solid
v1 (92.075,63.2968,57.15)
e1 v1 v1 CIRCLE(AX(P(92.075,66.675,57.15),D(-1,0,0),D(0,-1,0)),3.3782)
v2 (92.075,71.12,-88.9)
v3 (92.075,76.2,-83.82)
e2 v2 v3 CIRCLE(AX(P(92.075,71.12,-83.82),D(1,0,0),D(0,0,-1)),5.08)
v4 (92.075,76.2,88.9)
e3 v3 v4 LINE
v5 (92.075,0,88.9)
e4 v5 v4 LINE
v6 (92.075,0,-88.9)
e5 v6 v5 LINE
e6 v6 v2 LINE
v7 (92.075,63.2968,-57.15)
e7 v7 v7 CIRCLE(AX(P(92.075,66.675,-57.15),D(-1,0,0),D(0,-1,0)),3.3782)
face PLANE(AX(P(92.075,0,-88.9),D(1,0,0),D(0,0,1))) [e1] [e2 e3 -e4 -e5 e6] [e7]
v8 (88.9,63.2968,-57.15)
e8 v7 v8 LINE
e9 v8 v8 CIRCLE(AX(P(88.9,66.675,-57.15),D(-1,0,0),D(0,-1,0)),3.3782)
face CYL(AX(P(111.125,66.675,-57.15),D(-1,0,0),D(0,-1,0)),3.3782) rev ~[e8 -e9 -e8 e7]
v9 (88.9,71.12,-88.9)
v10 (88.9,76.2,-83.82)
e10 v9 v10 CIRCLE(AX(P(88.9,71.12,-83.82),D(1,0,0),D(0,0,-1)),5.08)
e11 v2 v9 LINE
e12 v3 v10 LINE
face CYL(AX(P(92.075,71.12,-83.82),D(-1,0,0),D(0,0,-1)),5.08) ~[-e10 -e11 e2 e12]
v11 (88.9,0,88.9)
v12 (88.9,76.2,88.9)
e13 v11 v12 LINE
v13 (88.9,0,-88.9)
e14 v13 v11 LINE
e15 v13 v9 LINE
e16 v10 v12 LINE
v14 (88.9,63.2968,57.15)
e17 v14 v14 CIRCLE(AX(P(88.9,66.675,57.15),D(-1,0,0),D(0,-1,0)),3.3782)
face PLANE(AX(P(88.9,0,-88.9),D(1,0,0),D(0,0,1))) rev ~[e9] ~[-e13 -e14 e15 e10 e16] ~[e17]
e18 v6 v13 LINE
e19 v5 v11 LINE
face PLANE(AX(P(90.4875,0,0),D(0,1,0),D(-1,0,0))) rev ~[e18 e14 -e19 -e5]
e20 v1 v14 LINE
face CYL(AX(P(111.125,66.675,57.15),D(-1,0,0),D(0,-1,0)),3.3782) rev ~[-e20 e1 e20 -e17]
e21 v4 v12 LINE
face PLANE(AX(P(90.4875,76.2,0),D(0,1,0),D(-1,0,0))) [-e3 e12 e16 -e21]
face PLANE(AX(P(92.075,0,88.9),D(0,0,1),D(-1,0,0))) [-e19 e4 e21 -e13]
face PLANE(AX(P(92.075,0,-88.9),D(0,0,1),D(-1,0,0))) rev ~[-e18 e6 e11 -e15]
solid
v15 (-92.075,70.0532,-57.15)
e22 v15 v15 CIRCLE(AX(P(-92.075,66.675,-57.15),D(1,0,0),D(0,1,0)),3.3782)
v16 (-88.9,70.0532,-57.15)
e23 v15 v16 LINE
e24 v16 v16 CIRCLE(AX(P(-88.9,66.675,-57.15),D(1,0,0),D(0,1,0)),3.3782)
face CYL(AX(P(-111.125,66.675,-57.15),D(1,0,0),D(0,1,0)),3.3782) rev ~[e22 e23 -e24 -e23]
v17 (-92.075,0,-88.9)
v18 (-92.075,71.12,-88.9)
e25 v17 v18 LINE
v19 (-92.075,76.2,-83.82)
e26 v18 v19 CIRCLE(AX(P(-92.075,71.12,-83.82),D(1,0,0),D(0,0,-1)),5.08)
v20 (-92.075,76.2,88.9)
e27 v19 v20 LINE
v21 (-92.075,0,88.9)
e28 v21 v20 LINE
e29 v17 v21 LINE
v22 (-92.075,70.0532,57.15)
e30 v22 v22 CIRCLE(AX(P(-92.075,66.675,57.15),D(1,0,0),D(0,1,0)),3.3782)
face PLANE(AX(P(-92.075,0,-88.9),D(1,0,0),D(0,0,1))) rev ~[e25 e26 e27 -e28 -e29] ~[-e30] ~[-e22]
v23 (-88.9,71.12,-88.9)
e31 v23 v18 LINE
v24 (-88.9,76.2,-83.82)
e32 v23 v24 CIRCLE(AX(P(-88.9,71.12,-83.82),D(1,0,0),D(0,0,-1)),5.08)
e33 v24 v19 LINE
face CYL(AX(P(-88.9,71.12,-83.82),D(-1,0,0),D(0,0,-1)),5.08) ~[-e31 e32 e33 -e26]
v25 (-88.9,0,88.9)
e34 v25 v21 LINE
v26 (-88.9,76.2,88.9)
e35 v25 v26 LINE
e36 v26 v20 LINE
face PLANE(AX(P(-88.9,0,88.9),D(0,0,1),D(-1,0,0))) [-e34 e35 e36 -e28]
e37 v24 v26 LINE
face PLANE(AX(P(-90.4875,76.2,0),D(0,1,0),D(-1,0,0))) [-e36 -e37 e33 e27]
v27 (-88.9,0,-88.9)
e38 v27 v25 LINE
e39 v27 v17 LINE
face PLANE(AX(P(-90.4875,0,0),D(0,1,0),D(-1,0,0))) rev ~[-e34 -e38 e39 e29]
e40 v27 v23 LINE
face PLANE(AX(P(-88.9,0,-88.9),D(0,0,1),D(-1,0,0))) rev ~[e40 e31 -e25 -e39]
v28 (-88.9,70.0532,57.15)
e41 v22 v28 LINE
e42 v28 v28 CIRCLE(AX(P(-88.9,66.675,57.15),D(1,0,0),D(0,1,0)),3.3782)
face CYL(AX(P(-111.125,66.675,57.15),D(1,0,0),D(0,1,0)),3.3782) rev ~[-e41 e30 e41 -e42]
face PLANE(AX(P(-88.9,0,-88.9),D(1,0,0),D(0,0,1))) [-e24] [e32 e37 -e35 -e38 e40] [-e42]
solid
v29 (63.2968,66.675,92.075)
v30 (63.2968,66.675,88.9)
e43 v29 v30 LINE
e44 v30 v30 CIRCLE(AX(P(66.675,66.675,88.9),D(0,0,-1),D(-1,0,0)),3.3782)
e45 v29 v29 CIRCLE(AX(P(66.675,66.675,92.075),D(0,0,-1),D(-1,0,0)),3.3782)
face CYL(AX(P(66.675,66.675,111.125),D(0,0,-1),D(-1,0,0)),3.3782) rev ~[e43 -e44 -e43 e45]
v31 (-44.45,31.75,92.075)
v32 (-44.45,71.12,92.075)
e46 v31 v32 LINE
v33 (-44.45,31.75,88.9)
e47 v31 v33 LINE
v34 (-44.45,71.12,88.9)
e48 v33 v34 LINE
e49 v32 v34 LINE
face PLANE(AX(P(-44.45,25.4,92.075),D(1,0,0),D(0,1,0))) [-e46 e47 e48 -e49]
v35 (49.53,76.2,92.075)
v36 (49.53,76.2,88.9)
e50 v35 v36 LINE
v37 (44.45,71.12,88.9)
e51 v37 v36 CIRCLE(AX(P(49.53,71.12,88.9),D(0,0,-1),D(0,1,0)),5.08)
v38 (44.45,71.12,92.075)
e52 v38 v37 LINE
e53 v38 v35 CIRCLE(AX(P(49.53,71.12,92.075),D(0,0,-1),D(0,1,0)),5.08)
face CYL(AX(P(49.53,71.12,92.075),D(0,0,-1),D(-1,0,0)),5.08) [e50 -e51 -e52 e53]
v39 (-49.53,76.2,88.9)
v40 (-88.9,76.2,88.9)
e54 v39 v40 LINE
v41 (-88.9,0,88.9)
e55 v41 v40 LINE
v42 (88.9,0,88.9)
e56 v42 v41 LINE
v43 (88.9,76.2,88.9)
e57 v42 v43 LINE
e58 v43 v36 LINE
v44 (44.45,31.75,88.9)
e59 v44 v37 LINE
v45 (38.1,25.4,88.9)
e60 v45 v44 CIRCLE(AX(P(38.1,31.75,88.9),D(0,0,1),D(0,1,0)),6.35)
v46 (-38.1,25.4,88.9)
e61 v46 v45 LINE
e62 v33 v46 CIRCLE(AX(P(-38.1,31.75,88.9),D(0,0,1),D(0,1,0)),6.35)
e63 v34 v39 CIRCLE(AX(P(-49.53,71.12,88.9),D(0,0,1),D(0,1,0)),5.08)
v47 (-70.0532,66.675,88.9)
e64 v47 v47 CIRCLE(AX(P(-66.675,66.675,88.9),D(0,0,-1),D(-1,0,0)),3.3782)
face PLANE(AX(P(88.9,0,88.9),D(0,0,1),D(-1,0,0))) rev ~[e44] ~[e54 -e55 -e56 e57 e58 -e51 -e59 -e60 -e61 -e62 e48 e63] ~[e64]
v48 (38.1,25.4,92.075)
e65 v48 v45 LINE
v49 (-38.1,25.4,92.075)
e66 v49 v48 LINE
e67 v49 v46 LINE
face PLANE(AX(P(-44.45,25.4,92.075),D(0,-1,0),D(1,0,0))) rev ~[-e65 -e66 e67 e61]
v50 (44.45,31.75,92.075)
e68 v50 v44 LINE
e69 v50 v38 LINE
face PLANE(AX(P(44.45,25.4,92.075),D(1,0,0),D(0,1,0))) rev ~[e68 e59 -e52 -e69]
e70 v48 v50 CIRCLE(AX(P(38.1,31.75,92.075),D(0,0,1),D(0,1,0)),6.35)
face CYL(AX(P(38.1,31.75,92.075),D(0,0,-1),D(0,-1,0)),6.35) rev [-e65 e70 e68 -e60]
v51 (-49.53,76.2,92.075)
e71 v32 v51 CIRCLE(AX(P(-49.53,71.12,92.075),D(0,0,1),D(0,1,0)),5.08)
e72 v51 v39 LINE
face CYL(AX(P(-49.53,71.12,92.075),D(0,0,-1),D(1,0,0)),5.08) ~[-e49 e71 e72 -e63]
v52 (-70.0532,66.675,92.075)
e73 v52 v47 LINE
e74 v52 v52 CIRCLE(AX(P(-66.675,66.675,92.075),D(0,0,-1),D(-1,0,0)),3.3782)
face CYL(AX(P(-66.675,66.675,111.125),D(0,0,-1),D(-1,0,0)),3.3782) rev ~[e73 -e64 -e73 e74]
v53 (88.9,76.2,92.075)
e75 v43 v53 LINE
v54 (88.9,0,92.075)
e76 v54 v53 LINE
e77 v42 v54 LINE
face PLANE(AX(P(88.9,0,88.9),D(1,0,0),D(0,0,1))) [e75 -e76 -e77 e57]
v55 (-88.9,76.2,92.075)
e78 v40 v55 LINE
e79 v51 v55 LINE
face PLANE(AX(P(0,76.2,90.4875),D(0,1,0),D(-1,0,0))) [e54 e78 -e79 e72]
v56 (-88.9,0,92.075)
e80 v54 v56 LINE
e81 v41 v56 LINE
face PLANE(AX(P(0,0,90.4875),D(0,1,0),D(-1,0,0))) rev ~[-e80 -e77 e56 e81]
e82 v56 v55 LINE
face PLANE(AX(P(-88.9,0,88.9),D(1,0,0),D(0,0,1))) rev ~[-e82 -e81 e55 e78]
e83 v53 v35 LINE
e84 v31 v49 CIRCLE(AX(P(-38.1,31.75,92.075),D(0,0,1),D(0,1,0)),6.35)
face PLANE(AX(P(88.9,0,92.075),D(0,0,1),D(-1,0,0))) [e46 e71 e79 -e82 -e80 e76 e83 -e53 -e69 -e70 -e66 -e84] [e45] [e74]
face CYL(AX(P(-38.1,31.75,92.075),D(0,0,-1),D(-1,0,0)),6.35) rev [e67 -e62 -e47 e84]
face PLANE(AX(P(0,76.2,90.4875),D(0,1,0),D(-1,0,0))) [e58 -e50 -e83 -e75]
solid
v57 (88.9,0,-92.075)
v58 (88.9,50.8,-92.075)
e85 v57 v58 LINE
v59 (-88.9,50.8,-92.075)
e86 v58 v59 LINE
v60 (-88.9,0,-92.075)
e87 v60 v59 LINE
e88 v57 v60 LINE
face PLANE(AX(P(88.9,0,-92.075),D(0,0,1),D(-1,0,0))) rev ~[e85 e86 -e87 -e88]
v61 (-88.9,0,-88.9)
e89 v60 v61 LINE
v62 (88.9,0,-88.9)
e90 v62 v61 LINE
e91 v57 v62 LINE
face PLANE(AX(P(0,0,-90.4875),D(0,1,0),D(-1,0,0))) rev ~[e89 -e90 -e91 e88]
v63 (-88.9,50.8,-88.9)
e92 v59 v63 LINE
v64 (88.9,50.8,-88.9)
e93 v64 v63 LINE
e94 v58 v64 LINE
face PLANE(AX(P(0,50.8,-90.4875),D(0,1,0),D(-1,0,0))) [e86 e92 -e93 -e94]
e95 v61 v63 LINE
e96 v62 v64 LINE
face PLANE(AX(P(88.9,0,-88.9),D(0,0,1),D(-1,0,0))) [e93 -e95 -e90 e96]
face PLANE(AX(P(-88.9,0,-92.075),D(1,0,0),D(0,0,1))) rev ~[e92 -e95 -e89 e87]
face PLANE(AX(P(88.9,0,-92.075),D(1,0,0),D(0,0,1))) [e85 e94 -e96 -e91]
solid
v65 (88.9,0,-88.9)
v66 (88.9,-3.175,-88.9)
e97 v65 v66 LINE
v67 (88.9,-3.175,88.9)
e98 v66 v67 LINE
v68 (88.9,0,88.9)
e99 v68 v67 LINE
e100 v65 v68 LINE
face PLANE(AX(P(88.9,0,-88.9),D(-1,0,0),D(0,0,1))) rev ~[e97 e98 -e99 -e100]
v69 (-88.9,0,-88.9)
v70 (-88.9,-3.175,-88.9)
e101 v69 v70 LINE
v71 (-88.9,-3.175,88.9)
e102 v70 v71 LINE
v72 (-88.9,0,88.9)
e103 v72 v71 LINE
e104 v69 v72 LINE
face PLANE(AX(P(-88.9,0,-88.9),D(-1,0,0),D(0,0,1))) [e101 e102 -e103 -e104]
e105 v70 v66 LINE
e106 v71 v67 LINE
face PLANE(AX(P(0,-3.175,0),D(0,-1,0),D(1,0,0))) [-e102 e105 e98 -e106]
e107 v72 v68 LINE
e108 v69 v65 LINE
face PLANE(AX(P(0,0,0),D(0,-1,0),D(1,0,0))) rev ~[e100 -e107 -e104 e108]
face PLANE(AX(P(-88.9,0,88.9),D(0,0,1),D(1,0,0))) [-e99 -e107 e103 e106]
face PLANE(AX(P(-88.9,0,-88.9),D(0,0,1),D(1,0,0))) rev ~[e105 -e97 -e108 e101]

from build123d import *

# Parameters (mm, degrees)
F0_W      = 177.8
F0_H      = 177.8
F1_DEPTH  = 3.175
F2_W      = 177.8
F2_H      = 3.175
F3_DEPTH  = 76.2
F2_W_2    = 3.175
F2_H_2    = 177.8
F4_W      = 177.8
F4_H      = 3.175
F5_DEPTH  = 50.8
F6_W      = 88.9
F6_H      = 101.6
F7_DEPTH  = 25.4
F8_R      = 6.35
F9_R      = 5.08
F10_R     = 5.08
F10_2_R   = 5.08
F12_D     = 6.7564
F12_DEPTH = 19.05
F12_TIP   = 2.0298273432
F14_D     = 6.7564
F14_DEPTH = 19.05
F14_TIP   = 2.0298273432
F16_D     = 6.7564
F16_DEPTH = 19.05
F16_TIP   = 2.0298273432


with BuildPart() as f1:
    # F0 (on Front) → F1 (new body)
    with BuildSketch(Plane.XZ):
        Rectangle(F0_W, F0_H)
    extrude(amount=F1_DEPTH)


with BuildPart() as f3:
    # F2 (on face) → F3 (new body)
    with BuildSketch(Plane(origin=(0, 0, 0), x_dir=(-1, 0, 0), z_dir=(0, 1, 0))):
        with Locations((0, 90.4875)):
            Rectangle(F2_W, F2_H)
    extrude(amount=F3_DEPTH)

    # F6 (on face) → F7 (cut)
    with BuildSketch(Plane.XY.offset(92.075)):
        with Locations((0, 76.2)):
            Rectangle(F6_W, F6_H)
    extrude(amount=-F7_DEPTH, mode=Mode.SUBTRACT)

    # F8
    f8_edges = [f3.edges().sort_by_distance(p)[0] for p in [
        (-44.45, 25.4, 90.4875),
        (44.45, 25.4, 90.4875),
    ]]
    fillet(f8_edges, radius=F8_R)

    # F9
    f9_edges = [f3.edges().sort_by_distance(p)[0] for p in [
        (-44.45, 76.2, 90.4875),
        (44.45, 76.2, 90.4875),
    ]]
    fillet(f9_edges, radius=F9_R)

    # F12
    with Locations(Plane.XY.offset(92.075)):
        with Locations((-66.675, 66.675), (66.675, 66.675)):
            Hole(F12_D / 2, depth=F12_DEPTH)
            with Locations((0, 0, -(F12_DEPTH + F12_TIP / 2))):  # 118° drill point
                Cone(0, F12_D / 2, F12_TIP, mode=Mode.SUBTRACT)


with BuildPart() as f3b:
    # F2 (on face) → F3, piece 2 (new body)
    with BuildSketch(Plane(origin=(0, 0, 0), x_dir=(-1, 0, 0), z_dir=(0, 1, 0))):
        with Locations((90.4875, 0)):
            Rectangle(F2_W_2, F2_H_2)
    extrude(amount=F3_DEPTH)

    # F10#2
    f10_2_edges = [f3b.edges().sort_by_distance(p)[0] for p in [
        (-90.4875, 76.2, -88.9),
    ]]
    fillet(f10_2_edges, radius=F10_2_R)

    # F16
    with Locations(Plane(origin=(-92.075, 0, 0), x_dir=(0, -1, 0), z_dir=(-1, 0, 0))):
        with Locations((-66.675, 57.15), (-66.675, -57.15)):
            Hole(F16_D / 2, depth=F16_DEPTH)
            with Locations((0, 0, -(F16_DEPTH + F16_TIP / 2))):  # 118° drill point
                Cone(0, F16_D / 2, F16_TIP, mode=Mode.SUBTRACT)


with BuildPart() as f3c:
    # F2 (on face) → F3, piece 3 (new body)
    with BuildSketch(Plane(origin=(0, 0, 0), x_dir=(-1, 0, 0), z_dir=(0, 1, 0))):
        with Locations((-90.4875, 0)):
            Rectangle(F2_W_2, F2_H_2)
    extrude(amount=F3_DEPTH)

    # F10
    f10_edges = [f3c.edges().sort_by_distance(p)[0] for p in [
        (90.4875, 76.2, -88.9),
    ]]
    fillet(f10_edges, radius=F10_R)

    # F14
    with Locations(Plane.YZ.offset(92.075)):
        with Locations((66.675, 57.15), (66.675, -57.15)):
            Hole(F14_D / 2, depth=F14_DEPTH)
            with Locations((0, 0, -(F14_DEPTH + F14_TIP / 2))):  # 118° drill point
                Cone(0, F14_D / 2, F14_TIP, mode=Mode.SUBTRACT)


with BuildPart() as f5:
    # F4 (on face) → F5 (new body)
    with BuildSketch(Plane(origin=(0, 0, 0), x_dir=(-1, 0, 0), z_dir=(0, 1, 0))):
        with Locations((0, -90.4875)):
            Rectangle(F4_W, F4_H)
    extrude(amount=F5_DEPTH)


solid = Compound([f1.part, f3.part, f3b.part, f3c.part, f5.part])
